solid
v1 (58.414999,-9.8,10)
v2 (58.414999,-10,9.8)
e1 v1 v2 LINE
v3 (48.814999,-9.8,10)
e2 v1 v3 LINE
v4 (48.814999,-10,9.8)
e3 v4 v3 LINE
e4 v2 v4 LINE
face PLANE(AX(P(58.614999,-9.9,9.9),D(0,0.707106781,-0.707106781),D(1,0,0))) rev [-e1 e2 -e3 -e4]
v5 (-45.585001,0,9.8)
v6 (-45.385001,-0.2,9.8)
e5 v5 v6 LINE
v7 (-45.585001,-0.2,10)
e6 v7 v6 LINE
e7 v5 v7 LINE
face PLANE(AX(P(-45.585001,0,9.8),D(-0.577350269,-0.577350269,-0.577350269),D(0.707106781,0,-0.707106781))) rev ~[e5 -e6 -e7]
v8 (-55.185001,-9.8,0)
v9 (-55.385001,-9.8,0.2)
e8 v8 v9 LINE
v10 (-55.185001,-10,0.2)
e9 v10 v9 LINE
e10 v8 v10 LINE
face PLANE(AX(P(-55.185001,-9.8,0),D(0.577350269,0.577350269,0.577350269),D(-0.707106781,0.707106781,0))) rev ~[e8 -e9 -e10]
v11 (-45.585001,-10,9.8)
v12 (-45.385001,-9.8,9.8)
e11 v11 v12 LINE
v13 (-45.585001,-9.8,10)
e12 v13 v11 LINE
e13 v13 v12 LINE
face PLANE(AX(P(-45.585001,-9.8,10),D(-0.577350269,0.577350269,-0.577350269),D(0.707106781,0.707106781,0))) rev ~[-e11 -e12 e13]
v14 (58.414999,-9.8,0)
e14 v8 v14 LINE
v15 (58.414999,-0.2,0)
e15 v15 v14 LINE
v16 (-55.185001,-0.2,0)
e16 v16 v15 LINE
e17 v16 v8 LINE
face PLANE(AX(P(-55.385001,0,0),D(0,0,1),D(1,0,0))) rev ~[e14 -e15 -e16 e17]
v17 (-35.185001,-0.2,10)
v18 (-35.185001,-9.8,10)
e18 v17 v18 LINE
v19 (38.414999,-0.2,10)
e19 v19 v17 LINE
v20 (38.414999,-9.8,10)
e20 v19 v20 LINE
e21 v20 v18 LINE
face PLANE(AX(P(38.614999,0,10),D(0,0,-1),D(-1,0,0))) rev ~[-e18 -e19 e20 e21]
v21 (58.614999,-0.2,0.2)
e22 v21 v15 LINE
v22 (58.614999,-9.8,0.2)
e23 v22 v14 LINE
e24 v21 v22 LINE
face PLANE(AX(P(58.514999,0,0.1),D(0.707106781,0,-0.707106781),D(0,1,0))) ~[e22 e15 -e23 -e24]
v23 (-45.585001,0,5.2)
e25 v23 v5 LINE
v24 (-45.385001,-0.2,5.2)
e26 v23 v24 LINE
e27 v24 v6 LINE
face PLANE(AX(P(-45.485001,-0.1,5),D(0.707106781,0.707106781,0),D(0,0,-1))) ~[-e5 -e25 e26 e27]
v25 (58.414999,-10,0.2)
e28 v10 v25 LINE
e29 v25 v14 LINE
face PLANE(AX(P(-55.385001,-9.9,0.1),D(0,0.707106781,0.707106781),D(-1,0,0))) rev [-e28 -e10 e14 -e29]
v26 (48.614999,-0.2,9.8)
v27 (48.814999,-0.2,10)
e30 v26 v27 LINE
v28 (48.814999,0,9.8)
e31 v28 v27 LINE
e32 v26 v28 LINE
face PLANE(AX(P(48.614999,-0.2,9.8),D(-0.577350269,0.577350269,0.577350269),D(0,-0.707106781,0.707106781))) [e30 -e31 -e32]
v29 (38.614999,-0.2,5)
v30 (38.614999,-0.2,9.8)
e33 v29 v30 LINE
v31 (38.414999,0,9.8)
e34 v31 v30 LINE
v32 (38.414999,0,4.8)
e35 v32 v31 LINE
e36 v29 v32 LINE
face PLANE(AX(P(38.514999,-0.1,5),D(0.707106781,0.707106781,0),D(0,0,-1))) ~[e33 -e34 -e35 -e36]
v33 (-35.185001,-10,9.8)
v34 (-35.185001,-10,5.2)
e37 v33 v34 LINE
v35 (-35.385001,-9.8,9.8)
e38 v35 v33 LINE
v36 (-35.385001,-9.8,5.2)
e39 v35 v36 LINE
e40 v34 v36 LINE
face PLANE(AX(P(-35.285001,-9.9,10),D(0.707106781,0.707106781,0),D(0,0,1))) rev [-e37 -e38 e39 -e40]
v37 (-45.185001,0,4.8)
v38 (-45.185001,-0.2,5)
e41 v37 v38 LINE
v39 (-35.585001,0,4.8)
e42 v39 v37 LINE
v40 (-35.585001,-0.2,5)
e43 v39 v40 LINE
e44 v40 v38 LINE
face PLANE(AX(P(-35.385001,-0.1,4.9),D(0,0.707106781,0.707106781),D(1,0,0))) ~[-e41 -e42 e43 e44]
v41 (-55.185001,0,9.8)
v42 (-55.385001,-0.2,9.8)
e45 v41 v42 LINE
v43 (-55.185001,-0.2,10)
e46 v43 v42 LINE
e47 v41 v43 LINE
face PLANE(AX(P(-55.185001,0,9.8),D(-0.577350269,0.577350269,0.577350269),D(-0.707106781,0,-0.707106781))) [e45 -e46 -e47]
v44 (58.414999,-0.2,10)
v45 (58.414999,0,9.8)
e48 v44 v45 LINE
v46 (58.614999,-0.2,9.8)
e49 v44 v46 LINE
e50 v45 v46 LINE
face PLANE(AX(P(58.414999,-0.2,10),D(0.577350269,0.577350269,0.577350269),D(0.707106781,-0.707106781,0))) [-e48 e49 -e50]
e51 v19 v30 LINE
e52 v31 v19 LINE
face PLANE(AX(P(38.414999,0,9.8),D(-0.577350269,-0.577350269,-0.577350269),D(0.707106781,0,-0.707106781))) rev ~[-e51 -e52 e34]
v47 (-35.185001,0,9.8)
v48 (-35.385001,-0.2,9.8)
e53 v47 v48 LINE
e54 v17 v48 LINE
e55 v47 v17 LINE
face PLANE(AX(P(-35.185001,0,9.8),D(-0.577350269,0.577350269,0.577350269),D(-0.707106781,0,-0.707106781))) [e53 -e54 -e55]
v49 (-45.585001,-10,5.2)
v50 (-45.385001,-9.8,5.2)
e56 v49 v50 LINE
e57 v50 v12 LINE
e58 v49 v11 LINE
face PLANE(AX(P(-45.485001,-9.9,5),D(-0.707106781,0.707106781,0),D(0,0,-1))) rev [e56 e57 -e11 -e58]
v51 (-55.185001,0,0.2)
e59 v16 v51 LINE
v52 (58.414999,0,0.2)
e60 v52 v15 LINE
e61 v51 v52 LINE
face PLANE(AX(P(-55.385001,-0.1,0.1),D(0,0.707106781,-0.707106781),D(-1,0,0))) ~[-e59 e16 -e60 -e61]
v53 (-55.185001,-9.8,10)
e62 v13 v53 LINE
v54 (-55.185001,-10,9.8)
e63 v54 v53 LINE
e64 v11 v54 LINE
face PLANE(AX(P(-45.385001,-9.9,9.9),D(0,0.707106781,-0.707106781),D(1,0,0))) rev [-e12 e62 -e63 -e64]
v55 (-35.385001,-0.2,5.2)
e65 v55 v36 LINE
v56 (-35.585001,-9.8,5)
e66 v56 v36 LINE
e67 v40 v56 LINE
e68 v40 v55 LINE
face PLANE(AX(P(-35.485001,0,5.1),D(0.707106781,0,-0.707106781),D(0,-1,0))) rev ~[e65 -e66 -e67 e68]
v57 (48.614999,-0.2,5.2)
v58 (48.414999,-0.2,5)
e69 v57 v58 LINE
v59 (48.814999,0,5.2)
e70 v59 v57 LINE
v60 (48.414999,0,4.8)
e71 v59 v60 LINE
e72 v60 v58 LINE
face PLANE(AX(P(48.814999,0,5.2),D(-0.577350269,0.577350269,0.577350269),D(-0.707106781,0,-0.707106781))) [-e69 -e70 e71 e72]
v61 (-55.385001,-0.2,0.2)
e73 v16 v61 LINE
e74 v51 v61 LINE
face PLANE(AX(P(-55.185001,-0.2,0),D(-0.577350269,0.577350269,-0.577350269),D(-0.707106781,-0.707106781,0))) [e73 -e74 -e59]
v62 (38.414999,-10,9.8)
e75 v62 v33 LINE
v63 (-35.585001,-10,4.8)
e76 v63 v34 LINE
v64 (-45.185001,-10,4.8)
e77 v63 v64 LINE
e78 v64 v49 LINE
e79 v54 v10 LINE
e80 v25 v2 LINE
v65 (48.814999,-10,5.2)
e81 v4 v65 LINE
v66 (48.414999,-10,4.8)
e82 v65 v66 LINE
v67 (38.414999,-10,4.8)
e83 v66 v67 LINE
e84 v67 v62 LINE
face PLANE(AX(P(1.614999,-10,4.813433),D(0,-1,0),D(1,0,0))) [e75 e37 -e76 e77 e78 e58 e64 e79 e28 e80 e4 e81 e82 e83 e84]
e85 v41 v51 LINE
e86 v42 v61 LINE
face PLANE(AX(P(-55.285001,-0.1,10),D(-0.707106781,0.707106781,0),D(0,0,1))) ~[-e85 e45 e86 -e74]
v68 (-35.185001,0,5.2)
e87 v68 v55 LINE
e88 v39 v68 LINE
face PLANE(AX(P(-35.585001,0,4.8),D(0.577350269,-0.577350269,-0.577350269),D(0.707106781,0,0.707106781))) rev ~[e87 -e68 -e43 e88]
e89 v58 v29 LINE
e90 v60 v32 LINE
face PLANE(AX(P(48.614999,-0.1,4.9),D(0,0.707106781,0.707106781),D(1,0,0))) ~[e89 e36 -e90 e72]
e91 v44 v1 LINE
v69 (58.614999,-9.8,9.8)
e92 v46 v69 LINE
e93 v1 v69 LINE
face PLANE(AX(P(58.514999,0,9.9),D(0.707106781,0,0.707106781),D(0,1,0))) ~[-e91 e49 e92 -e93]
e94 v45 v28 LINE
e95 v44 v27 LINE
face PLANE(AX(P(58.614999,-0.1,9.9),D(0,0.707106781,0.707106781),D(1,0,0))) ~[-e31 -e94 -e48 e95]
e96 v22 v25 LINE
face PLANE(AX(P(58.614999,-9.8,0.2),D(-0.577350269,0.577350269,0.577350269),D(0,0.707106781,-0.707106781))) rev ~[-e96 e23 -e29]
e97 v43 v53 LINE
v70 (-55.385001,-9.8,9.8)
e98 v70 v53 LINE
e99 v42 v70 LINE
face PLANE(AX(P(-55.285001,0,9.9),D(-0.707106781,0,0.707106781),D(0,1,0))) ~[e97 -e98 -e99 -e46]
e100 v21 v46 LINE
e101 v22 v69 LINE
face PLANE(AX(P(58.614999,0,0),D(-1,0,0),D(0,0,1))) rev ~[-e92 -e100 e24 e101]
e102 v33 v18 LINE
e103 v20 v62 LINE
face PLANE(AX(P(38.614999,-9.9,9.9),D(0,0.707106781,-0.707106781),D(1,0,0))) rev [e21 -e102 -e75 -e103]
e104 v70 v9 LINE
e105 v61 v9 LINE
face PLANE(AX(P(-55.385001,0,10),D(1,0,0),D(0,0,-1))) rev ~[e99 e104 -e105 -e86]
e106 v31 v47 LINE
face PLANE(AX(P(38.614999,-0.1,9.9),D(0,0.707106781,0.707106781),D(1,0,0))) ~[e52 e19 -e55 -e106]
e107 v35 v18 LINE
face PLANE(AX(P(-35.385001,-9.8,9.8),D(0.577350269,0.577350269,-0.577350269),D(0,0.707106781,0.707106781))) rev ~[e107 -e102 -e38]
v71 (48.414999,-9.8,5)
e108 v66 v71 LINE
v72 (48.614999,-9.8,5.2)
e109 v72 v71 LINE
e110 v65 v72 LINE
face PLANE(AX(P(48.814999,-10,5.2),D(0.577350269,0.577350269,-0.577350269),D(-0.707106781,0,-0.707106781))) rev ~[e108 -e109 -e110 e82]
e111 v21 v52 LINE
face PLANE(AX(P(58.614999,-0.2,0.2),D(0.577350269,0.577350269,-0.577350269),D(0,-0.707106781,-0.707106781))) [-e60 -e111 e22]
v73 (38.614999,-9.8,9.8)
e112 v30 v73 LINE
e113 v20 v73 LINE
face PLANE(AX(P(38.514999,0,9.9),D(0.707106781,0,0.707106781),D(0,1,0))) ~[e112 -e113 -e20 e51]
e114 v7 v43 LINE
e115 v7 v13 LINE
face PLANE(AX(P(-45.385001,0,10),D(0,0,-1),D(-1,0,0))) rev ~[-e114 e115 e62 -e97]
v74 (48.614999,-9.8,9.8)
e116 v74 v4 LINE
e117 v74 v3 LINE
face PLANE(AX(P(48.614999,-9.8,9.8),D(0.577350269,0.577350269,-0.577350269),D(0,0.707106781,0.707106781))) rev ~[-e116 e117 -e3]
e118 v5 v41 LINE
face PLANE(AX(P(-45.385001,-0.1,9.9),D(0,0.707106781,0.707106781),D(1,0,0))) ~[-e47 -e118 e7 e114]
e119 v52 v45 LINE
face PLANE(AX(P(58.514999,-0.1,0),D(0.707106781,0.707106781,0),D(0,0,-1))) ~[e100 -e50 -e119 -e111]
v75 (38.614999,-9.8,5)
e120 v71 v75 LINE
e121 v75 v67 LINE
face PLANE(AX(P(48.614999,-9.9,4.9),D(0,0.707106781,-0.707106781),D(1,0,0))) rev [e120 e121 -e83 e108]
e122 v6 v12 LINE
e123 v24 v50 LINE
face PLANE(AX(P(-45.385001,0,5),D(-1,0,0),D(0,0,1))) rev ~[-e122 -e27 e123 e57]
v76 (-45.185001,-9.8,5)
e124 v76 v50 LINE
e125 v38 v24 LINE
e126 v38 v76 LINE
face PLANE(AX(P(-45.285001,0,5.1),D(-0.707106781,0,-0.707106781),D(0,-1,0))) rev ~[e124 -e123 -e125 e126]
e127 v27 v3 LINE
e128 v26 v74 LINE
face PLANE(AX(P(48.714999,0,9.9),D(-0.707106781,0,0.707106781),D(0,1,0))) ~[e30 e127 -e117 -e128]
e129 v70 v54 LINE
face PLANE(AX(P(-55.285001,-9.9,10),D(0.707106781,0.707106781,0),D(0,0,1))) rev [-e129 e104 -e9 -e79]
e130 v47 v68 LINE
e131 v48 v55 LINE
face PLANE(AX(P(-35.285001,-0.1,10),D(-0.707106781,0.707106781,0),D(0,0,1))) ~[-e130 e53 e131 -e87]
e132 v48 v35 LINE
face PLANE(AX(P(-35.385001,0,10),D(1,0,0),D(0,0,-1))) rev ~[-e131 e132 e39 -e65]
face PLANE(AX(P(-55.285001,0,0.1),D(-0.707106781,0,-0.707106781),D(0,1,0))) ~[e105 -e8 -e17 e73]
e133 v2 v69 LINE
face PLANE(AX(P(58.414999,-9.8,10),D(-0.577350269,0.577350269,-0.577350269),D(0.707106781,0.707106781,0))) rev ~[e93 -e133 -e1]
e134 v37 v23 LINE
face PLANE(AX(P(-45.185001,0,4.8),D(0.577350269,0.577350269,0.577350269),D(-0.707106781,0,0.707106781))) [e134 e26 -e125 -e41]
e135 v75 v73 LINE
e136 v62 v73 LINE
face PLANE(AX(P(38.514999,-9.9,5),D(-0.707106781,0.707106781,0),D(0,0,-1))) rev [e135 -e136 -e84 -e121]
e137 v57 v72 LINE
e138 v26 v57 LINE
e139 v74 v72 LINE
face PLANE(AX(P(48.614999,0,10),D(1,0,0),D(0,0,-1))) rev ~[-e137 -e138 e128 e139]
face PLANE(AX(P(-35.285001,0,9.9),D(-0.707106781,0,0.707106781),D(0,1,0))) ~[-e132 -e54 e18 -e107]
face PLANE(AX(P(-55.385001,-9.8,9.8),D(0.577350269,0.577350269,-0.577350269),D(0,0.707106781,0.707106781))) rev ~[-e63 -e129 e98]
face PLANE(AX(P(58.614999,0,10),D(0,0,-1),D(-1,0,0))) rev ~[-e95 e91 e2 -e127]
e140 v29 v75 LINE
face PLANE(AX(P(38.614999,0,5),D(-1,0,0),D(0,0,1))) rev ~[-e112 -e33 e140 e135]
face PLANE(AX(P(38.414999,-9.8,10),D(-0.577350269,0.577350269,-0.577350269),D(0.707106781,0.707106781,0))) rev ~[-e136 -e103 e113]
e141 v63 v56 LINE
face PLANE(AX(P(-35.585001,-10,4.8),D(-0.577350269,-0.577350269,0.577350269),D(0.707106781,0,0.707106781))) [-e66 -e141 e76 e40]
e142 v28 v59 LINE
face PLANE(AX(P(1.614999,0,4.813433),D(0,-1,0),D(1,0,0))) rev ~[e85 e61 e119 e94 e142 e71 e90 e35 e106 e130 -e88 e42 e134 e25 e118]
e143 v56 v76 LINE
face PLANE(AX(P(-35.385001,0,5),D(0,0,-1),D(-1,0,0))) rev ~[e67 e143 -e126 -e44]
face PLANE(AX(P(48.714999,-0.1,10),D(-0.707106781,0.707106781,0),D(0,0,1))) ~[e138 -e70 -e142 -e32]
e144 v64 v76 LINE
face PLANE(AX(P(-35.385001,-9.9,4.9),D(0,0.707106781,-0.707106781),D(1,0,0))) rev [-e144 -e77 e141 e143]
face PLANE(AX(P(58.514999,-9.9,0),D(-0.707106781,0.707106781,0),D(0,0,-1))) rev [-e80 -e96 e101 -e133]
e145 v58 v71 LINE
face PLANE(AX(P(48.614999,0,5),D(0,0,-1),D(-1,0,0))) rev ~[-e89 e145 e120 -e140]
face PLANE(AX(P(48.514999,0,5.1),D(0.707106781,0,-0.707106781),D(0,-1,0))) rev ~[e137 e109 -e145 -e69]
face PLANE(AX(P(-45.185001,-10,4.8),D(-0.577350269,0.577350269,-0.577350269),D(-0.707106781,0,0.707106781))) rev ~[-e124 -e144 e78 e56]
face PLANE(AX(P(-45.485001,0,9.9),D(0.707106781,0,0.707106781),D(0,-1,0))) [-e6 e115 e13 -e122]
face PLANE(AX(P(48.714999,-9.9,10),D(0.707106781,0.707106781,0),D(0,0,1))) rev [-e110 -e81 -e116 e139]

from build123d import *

# Parameters (mm, degrees)
F1_DEPTH = 10
F2_SIZE  = 0.2


with BuildPart() as f1:
    # F0 (on Front) → F1 (new body)
    with BuildSketch(Plane.XZ):
        Polygon((-45.385001, 10), (-55.385001, 10), (-55.385001, 0), (58.614999, 0), (58.614999, 10), (48.614999, 10), (48.614999, 5), (38.614999, 5), (38.614999, 10), (-35.385001, 10), (-35.385001, 5), (-45.385001, 5), align=None)
    extrude(amount=F1_DEPTH)

    # F2
    f2_edges = [f1.edges().sort_by_distance(p)[0] for p in [
        (-40.385001, -10, 5),
        (-45.385001, -10, 7.5),
        (-50.385001, -10, 10),
        (-55.385001, -10, 5),
        (1.614999, -10, 0),
        (58.614999, -10, 5),
        (53.614999, -10, 10),
        (48.614999, -10, 7.5),
        (43.614999, -10, 5),
        (38.614999, -10, 7.5),
        (1.614999, -10, 10),
        (-35.385001, -10, 7.5),
        (38.614999, -5, 10),
        (-35.385001, -5, 10),
        (1.614999, 0, 10),
        (-35.385001, -5, 5),
        (-45.385001, -5, 5),
        (-40.385001, 0, 5),
        (-45.385001, -5, 10),
        (-55.385001, -5, 10),
        (-50.385001, 0, 10),
        (-45.385001, 0, 7.5),
        (-55.385001, 0, 5),
        (1.614999, 0, 0),
        (58.614999, 0, 5),
        (53.614999, 0, 10),
        (48.614999, 0, 7.5),
        (43.614999, 0, 5),
        (38.614999, 0, 7.5),
        (-35.385001, 0, 7.5),
        (58.614999, -5, 0),
        (58.614999, -5, 10),
        (48.614999, -5, 10),
        (48.614999, -5, 5),
        (-55.385001, -5, 0),
    ]]
    chamfer(f2_edges, length=F2_SIZE)


solid = f1.part
